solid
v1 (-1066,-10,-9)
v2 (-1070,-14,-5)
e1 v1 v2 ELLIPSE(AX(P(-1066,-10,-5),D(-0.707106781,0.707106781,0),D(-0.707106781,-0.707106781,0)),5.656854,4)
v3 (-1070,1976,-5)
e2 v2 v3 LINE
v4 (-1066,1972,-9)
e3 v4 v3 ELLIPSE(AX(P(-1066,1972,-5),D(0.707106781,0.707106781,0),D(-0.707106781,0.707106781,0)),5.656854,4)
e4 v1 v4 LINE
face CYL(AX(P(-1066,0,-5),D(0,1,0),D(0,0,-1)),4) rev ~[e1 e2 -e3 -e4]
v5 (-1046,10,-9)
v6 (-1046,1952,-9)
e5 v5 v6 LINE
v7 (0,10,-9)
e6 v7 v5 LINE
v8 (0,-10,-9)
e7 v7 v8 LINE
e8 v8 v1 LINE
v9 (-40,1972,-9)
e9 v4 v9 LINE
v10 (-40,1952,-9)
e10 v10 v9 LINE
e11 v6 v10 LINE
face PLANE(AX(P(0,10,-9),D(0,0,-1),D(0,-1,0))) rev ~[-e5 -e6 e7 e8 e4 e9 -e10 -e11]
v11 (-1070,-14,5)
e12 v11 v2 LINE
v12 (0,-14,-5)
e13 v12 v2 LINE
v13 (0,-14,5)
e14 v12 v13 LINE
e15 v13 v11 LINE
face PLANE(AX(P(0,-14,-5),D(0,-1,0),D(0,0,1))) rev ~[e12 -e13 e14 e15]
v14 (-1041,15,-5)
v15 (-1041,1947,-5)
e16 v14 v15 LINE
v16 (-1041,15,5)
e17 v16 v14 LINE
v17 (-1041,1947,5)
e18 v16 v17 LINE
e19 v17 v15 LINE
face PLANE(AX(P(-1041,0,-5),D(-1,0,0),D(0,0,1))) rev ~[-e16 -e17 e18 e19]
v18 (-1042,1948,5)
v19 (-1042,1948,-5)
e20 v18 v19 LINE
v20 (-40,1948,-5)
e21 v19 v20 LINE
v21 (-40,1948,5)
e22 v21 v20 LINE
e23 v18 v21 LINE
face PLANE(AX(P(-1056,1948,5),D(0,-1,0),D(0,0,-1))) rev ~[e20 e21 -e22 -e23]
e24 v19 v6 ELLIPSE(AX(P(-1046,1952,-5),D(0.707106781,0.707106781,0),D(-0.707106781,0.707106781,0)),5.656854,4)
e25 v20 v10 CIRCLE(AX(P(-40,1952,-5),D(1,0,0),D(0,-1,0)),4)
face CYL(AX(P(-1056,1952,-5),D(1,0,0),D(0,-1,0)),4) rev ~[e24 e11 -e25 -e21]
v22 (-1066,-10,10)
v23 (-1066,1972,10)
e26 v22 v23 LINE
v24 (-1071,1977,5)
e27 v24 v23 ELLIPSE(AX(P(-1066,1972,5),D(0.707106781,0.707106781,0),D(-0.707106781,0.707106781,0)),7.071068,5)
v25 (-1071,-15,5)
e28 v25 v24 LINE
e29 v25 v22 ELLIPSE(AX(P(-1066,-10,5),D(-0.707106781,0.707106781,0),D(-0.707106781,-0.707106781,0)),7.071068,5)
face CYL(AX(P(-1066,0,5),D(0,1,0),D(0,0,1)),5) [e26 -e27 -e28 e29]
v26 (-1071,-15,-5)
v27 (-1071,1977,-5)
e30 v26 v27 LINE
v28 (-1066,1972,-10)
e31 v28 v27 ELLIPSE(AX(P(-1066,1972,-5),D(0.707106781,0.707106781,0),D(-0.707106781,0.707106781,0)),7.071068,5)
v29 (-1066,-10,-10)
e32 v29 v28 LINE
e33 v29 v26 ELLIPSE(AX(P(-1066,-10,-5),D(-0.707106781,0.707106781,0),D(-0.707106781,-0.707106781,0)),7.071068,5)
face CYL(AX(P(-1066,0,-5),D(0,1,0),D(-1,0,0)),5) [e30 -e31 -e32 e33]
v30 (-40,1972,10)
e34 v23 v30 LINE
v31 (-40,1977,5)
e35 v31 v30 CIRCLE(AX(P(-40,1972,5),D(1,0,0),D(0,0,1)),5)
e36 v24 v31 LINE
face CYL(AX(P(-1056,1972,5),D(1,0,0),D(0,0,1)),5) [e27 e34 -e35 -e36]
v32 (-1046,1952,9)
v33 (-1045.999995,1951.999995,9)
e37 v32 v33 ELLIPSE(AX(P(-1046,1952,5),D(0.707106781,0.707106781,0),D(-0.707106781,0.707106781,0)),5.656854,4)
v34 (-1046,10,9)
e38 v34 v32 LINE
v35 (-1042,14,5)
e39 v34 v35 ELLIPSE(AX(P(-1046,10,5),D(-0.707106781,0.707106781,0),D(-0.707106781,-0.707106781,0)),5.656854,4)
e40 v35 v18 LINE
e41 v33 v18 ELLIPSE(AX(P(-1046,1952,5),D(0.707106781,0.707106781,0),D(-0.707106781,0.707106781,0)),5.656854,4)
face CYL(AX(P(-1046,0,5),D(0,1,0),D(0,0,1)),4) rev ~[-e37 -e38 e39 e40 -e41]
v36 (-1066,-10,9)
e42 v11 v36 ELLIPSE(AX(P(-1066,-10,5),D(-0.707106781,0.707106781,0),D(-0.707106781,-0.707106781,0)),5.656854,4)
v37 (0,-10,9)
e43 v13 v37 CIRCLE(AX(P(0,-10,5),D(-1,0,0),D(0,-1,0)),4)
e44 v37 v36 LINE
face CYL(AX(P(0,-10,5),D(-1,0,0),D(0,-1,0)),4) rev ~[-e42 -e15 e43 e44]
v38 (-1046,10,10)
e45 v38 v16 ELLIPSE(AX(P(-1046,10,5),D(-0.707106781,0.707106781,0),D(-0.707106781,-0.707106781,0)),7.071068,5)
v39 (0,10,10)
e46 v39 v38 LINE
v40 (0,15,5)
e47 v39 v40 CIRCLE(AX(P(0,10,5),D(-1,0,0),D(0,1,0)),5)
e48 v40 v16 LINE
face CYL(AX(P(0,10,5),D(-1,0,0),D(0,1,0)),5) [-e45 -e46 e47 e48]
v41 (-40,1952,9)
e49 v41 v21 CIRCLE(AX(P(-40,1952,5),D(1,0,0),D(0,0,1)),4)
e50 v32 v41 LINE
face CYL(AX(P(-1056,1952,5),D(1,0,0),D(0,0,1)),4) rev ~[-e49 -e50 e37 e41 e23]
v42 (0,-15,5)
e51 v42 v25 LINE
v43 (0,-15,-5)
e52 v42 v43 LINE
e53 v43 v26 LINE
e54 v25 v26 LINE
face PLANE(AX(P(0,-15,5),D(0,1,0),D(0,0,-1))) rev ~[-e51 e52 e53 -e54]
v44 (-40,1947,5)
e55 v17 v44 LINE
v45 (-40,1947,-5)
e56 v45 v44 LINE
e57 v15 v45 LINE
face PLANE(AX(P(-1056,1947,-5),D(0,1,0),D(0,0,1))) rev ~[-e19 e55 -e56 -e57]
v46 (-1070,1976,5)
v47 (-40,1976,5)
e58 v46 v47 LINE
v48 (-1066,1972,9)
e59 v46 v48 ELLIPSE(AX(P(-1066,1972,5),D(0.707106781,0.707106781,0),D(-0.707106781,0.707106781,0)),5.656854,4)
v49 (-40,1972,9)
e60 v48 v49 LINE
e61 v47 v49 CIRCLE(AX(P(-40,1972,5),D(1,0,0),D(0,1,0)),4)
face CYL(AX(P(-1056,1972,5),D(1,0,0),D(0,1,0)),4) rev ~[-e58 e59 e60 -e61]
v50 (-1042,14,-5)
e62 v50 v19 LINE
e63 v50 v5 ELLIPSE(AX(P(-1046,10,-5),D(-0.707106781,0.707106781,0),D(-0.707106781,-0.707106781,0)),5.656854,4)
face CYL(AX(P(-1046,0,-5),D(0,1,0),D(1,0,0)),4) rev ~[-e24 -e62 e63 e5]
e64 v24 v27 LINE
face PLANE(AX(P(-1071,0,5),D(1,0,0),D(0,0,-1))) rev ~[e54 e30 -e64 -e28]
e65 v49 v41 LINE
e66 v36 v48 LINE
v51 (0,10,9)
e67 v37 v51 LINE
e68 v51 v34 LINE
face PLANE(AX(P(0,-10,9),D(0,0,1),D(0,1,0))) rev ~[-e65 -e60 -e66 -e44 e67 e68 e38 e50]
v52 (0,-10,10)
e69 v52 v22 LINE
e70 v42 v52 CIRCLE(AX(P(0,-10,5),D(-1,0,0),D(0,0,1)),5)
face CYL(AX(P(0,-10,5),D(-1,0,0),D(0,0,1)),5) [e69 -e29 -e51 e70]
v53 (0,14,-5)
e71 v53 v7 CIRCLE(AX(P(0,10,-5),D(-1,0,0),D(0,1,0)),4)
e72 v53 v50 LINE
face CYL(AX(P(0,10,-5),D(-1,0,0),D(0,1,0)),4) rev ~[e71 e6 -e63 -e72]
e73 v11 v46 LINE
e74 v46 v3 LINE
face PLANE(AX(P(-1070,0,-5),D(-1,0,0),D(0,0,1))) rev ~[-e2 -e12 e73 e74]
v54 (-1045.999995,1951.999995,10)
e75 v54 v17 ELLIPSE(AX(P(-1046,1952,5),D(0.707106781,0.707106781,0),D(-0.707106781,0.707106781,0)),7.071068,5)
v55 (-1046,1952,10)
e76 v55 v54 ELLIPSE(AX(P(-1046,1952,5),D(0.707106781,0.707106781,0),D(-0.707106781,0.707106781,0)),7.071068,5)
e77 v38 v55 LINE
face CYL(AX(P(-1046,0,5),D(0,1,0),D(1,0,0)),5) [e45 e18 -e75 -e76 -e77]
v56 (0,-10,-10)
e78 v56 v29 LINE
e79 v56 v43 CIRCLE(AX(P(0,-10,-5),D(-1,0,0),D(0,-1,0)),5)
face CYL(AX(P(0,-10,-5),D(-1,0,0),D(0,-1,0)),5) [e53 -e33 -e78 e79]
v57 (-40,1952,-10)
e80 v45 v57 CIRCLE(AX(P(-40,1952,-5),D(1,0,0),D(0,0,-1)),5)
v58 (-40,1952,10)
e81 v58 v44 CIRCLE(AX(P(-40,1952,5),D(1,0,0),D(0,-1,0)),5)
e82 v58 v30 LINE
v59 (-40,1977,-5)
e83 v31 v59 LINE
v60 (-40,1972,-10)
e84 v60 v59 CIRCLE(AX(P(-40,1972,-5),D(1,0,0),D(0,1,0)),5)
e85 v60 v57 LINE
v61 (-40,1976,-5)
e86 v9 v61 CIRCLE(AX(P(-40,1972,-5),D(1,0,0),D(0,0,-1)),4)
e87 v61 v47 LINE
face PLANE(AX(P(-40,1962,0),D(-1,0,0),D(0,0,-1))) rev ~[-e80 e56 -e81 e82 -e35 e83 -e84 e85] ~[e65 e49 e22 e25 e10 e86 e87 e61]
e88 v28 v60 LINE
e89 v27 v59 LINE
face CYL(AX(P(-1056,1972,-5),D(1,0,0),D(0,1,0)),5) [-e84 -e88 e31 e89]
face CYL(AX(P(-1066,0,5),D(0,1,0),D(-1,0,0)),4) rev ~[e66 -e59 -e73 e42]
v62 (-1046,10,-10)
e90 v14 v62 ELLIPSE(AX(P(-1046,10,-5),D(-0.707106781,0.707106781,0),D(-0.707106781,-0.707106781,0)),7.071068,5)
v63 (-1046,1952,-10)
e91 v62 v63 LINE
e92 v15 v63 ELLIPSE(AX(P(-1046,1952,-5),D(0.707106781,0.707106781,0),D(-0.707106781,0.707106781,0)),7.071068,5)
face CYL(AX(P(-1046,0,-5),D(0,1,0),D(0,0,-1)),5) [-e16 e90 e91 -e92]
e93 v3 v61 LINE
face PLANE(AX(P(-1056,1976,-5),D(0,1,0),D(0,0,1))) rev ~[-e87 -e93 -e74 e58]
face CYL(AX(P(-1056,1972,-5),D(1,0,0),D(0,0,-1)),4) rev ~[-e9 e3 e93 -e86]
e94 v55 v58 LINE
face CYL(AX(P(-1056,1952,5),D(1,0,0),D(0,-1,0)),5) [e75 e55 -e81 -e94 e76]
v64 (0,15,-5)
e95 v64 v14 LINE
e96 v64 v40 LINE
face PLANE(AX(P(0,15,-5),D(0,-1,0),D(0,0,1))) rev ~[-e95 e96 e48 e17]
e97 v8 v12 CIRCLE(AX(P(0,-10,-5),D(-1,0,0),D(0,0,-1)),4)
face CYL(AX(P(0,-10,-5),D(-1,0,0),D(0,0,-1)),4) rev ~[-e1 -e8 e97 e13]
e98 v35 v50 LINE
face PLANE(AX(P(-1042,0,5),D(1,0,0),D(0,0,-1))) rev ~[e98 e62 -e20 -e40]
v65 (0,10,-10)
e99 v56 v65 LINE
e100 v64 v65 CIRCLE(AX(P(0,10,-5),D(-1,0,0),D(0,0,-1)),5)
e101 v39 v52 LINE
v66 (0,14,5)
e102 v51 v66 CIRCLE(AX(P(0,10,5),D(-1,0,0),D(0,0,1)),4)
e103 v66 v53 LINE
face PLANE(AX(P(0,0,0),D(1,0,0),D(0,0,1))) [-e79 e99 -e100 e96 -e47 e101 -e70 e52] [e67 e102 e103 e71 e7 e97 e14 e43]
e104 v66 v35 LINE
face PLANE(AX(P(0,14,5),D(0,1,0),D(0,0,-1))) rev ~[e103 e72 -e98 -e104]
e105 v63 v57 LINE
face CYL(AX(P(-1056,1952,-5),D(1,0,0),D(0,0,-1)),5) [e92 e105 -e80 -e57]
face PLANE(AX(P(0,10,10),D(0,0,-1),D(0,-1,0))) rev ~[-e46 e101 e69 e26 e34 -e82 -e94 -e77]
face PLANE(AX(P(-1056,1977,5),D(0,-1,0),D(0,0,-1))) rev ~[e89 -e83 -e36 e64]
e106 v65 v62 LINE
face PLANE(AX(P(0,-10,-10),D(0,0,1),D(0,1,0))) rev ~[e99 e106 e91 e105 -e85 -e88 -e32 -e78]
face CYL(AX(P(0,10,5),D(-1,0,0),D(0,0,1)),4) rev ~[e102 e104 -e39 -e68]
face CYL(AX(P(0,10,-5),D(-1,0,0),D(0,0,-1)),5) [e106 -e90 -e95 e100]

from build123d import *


with BuildPart() as f2:
    # F2: sweep along a path in F1
    with BuildLine(Plane.XY) as f2_path:
        Line((0, 0), (-1056, 0))
        Line((-1056, 0), (-1056, 1962))
        Line((-1056, 1962), (-40, 1962))
    # F0 (on Right) → F2 (sweep)
    with BuildSketch(Plane.YZ):
        with BuildLine():
            ThreePointArc((15, 5), (13.5355339059, 8.5355339059), (10, 10))
            Line((10, 10), (-10, 10))
            ThreePointArc((-10, 10), (-13.5355339059, 8.5355339059), (-15, 5))
            Line((-15, 5), (-15, -5))
            ThreePointArc((-15, -5), (-13.5355339059, -8.5355339059), (-10, -10))
            Line((-10, -10), (10, -10))
            ThreePointArc((10, -10), (13.5355339059, -8.5355339059), (15, -5))
            Line((15, -5), (15, 5))
        make_face()
        with BuildLine():
            ThreePointArc((10, 9), (12.8284271247, 7.8284271247), (14, 5))
            Line((14, 5), (14, -5))
            ThreePointArc((14, -5), (12.8284271247, -7.8284271247), (10, -9))
            Line((10, -9), (-10, -9))
            ThreePointArc((-10, -9), (-12.8284271247, -7.8284271247), (-14, -5))
            Line((-14, -5), (-14, 5))
            ThreePointArc((-14, 5), (-12.8284271247, 7.8284271247), (-10, 9))
            Line((-10, 9), (10, 9))
        make_face(mode=Mode.SUBTRACT)
    sweep(path=f2_path.line, transition=Transition.RIGHT)


solid = f2.part
